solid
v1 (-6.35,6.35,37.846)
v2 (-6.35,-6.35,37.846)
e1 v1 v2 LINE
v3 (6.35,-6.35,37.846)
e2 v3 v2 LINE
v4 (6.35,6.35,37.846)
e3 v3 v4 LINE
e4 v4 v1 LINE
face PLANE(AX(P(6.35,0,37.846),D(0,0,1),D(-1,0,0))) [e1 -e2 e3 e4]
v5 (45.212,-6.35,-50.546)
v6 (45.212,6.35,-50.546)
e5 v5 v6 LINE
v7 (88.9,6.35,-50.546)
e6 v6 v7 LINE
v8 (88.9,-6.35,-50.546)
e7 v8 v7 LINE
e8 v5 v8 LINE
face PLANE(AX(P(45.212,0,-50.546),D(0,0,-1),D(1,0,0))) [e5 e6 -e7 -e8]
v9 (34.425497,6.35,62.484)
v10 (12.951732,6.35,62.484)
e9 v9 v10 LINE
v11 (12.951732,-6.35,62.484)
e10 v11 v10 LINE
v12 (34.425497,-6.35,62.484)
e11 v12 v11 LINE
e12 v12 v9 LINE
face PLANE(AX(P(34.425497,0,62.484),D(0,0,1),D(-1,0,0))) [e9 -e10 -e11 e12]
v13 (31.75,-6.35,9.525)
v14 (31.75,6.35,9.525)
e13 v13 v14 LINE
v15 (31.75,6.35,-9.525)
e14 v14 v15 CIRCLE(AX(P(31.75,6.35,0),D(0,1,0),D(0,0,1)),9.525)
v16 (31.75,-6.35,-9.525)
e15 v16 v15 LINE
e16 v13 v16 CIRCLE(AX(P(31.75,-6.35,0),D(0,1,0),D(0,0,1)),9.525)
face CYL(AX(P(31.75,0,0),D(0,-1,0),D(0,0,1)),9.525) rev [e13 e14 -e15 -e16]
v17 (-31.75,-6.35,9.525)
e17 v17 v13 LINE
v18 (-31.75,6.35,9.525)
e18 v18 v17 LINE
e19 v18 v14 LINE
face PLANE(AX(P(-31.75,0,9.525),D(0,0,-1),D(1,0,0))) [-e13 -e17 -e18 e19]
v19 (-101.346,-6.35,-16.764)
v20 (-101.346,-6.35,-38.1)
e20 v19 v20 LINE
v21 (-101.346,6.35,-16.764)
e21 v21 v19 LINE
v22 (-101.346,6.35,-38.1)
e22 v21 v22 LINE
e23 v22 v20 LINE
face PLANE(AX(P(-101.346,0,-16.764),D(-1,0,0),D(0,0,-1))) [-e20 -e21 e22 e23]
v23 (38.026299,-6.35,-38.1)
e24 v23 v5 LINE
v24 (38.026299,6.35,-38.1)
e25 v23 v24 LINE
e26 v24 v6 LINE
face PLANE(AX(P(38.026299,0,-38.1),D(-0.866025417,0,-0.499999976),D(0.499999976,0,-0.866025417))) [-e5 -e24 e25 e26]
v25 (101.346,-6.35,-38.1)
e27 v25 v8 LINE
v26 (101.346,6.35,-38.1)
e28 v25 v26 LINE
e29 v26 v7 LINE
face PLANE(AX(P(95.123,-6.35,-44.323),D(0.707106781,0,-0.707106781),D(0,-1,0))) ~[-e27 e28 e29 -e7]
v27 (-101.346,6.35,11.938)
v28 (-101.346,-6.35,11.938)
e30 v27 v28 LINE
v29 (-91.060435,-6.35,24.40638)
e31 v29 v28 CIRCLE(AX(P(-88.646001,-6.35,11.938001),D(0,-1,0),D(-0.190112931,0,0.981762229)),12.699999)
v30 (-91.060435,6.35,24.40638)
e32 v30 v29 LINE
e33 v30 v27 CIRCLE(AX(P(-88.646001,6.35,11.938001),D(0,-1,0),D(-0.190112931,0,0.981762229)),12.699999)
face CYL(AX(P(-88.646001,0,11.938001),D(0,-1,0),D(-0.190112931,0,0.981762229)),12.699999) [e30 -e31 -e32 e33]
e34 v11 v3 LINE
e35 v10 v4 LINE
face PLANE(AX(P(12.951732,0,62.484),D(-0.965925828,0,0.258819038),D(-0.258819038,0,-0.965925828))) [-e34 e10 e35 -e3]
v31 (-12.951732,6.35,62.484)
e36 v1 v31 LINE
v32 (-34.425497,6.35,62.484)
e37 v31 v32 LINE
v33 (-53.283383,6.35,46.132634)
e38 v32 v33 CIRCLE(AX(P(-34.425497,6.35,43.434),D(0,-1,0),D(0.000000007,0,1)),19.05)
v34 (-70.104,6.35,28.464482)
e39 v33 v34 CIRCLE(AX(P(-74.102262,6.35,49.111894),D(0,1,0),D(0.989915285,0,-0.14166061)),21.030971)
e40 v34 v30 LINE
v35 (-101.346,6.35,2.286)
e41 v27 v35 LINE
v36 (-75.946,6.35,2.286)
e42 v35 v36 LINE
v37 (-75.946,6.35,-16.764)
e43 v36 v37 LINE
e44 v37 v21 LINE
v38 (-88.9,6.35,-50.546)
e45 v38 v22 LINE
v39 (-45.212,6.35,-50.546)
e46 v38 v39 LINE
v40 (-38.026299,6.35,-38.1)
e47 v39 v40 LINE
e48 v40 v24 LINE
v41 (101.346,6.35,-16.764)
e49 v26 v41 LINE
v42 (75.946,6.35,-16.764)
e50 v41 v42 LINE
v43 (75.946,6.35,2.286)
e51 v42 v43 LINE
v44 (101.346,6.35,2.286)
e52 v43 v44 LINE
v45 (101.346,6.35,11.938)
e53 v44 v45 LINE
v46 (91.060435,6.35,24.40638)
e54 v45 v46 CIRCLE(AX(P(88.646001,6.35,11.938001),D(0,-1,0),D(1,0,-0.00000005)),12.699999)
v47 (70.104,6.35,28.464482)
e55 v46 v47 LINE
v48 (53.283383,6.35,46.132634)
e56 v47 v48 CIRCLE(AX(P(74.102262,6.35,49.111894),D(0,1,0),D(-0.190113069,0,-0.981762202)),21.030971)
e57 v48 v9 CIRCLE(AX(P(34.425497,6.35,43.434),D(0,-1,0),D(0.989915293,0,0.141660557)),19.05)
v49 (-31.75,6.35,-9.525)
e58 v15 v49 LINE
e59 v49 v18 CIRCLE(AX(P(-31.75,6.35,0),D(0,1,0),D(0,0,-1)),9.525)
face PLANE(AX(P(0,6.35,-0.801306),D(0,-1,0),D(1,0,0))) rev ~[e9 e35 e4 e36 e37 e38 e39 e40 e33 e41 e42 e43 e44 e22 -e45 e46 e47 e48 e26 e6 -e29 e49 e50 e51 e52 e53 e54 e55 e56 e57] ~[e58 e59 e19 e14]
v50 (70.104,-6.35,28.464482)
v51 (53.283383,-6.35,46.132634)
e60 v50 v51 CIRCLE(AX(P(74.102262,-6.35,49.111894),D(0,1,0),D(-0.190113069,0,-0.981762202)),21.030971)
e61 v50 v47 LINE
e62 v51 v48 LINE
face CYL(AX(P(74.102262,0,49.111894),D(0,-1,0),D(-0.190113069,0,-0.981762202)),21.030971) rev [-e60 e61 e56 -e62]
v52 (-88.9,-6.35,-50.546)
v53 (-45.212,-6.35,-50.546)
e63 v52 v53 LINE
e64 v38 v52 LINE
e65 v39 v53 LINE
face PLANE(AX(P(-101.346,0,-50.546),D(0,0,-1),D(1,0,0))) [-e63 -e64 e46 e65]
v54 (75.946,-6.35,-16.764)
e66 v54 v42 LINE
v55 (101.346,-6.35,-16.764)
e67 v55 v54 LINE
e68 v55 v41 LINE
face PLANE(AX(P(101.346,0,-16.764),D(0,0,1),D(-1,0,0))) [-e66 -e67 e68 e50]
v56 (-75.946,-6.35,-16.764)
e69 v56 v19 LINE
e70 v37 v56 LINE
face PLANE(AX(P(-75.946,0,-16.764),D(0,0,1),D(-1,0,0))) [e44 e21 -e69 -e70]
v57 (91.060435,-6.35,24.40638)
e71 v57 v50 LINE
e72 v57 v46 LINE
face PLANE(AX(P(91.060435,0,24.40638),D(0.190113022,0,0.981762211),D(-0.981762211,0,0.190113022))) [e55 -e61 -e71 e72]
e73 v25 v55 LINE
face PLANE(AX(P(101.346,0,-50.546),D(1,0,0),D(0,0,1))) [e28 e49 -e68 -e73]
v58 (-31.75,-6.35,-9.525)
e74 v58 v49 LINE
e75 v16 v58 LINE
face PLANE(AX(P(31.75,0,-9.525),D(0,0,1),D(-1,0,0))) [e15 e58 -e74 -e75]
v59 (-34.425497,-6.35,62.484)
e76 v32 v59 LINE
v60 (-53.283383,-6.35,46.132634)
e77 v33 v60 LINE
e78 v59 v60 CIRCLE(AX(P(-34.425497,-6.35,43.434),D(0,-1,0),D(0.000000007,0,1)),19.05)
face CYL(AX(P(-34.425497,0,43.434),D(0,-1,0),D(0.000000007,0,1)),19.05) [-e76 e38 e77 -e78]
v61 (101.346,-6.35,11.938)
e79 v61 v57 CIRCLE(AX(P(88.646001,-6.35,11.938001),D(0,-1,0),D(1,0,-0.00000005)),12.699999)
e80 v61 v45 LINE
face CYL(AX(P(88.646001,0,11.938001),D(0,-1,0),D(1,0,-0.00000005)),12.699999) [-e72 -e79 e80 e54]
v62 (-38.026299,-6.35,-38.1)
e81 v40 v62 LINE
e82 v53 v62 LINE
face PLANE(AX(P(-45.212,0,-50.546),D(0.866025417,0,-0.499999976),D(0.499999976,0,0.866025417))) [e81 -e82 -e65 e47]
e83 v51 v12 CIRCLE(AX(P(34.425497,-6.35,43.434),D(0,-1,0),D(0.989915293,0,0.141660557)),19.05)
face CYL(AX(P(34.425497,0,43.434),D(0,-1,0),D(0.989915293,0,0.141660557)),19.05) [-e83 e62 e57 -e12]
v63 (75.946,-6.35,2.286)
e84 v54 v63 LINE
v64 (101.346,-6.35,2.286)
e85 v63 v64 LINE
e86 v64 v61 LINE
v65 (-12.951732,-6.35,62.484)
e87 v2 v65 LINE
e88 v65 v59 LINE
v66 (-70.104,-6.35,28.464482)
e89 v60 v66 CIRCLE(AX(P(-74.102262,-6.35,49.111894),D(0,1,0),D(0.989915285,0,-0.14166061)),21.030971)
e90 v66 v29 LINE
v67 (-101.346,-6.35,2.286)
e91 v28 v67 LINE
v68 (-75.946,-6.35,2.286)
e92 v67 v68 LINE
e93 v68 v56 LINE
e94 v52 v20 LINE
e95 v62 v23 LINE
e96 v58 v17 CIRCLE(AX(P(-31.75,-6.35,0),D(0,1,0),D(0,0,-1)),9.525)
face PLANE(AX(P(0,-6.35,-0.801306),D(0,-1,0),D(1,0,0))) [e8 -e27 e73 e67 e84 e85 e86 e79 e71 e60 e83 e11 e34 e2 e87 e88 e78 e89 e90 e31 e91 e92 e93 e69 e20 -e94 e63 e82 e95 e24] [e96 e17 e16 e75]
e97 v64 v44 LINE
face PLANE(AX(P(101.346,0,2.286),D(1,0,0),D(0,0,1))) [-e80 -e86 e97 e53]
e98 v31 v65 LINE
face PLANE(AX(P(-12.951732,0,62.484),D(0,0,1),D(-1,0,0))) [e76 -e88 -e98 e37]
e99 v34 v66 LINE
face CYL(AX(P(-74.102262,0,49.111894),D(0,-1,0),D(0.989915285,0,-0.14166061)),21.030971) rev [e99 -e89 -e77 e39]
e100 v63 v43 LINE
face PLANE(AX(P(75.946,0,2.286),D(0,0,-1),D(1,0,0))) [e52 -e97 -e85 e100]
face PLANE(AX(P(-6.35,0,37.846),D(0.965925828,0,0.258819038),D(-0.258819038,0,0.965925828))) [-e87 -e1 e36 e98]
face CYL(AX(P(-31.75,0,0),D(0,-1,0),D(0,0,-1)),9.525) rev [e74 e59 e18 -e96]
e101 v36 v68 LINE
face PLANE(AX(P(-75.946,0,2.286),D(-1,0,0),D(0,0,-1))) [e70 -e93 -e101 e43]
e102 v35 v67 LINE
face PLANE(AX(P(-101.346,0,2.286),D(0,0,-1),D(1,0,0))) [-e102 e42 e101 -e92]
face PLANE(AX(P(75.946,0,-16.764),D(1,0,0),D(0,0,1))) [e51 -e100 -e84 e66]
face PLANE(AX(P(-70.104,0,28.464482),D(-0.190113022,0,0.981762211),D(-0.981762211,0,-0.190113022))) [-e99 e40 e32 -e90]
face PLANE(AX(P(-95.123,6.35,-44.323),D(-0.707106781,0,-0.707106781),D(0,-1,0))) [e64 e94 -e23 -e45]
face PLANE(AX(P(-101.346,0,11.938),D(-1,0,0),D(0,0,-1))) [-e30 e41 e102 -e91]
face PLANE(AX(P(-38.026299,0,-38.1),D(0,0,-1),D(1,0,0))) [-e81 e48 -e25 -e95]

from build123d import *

# Parameters (mm, degrees)
F1_DEPTH = 6.35
F2_SIZE  = 12.446


with BuildPart() as f1:
    # F0 (on Front) → F1 (new body, symmetric)
    with BuildSketch(Plane.XZ):
        with BuildLine():
            Line((6.35, 37.846), (0, 37.846))
            Line((0, 37.846), (-6.35, 37.846))
            Line((-6.35, 37.846), (-12.951732, 62.484))
            Line((-12.951732, 62.484), (-34.425497, 62.484))
            ThreePointArc((-34.425497, 62.484), (-46.905351, 57.826906), (-53.283383, 46.132634))
            ThreePointArc((-53.283383, 46.132634), (-58.870272, 34.610577), (-70.104, 28.464482))
            Line((-70.104, 28.464482), (-91.060435, 24.40638))
            ThreePointArc((-91.060435, 24.40638), (-98.442768, 20.019667), (-101.346, 11.938))
            Line((-101.346, 11.938), (-101.346, 2.286))
            Line((-101.346, 2.286), (-75.946, 2.286))
            Line((-75.946, 2.286), (-75.946, -16.764))
            Line((-75.946, -16.764), (-101.346, -16.764))
            Line((-101.346, -16.764), (-101.346, -50.546))
            Line((-101.346, -50.546), (-45.212, -50.546))
            Line((-45.212, -50.546), (-38.026299, -38.1))
            Line((-38.026299, -38.1), (0, -38.1))
            Line((0, -38.1), (38.026299, -38.1))
            Line((38.026299, -38.1), (45.212, -50.546))
            Line((45.212, -50.546), (101.346, -50.546))
            Line((101.346, -50.546), (101.346, -16.764))
            Line((101.346, -16.764), (75.946, -16.764))
            Line((75.946, -16.764), (75.946, 2.286))
            Line((75.946, 2.286), (101.346, 2.286))
            Line((101.346, 2.286), (101.346, 11.938))
            ThreePointArc((101.346, 11.938), (98.442768, 20.019667), (91.060435, 24.40638))
            Line((91.060435, 24.40638), (70.104, 28.464482))
            ThreePointArc((70.104, 28.464482), (58.870272, 34.610577), (53.283383, 46.132634))
            ThreePointArc((53.283383, 46.132634), (46.905351, 57.826906), (34.425497, 62.484))
            Line((34.425497, 62.484), (12.951732, 62.484))
            Line((12.951732, 62.484), (6.35, 37.846))
        make_face()
        with BuildLine():
            Line((-31.75, 9.525), (31.75, 9.525))
            ThreePointArc((31.75, 9.525), (41.275, 0), (31.75, -9.525))
            Line((31.75, -9.525), (-31.75, -9.525))
            ThreePointArc((-31.75, -9.525), (-41.275, 0), (-31.75, 9.525))
        make_face(mode=Mode.SUBTRACT)
    extrude(amount=F1_DEPTH, both=True)

    # F2
    f2_edges = [f1.edges().sort_by_distance(p)[0] for p in [
        (-101.346, 0, -50.546),
        (101.346, 0, -50.546),
    ]]
    chamfer(f2_edges, length=F2_SIZE)


solid = f1.part
